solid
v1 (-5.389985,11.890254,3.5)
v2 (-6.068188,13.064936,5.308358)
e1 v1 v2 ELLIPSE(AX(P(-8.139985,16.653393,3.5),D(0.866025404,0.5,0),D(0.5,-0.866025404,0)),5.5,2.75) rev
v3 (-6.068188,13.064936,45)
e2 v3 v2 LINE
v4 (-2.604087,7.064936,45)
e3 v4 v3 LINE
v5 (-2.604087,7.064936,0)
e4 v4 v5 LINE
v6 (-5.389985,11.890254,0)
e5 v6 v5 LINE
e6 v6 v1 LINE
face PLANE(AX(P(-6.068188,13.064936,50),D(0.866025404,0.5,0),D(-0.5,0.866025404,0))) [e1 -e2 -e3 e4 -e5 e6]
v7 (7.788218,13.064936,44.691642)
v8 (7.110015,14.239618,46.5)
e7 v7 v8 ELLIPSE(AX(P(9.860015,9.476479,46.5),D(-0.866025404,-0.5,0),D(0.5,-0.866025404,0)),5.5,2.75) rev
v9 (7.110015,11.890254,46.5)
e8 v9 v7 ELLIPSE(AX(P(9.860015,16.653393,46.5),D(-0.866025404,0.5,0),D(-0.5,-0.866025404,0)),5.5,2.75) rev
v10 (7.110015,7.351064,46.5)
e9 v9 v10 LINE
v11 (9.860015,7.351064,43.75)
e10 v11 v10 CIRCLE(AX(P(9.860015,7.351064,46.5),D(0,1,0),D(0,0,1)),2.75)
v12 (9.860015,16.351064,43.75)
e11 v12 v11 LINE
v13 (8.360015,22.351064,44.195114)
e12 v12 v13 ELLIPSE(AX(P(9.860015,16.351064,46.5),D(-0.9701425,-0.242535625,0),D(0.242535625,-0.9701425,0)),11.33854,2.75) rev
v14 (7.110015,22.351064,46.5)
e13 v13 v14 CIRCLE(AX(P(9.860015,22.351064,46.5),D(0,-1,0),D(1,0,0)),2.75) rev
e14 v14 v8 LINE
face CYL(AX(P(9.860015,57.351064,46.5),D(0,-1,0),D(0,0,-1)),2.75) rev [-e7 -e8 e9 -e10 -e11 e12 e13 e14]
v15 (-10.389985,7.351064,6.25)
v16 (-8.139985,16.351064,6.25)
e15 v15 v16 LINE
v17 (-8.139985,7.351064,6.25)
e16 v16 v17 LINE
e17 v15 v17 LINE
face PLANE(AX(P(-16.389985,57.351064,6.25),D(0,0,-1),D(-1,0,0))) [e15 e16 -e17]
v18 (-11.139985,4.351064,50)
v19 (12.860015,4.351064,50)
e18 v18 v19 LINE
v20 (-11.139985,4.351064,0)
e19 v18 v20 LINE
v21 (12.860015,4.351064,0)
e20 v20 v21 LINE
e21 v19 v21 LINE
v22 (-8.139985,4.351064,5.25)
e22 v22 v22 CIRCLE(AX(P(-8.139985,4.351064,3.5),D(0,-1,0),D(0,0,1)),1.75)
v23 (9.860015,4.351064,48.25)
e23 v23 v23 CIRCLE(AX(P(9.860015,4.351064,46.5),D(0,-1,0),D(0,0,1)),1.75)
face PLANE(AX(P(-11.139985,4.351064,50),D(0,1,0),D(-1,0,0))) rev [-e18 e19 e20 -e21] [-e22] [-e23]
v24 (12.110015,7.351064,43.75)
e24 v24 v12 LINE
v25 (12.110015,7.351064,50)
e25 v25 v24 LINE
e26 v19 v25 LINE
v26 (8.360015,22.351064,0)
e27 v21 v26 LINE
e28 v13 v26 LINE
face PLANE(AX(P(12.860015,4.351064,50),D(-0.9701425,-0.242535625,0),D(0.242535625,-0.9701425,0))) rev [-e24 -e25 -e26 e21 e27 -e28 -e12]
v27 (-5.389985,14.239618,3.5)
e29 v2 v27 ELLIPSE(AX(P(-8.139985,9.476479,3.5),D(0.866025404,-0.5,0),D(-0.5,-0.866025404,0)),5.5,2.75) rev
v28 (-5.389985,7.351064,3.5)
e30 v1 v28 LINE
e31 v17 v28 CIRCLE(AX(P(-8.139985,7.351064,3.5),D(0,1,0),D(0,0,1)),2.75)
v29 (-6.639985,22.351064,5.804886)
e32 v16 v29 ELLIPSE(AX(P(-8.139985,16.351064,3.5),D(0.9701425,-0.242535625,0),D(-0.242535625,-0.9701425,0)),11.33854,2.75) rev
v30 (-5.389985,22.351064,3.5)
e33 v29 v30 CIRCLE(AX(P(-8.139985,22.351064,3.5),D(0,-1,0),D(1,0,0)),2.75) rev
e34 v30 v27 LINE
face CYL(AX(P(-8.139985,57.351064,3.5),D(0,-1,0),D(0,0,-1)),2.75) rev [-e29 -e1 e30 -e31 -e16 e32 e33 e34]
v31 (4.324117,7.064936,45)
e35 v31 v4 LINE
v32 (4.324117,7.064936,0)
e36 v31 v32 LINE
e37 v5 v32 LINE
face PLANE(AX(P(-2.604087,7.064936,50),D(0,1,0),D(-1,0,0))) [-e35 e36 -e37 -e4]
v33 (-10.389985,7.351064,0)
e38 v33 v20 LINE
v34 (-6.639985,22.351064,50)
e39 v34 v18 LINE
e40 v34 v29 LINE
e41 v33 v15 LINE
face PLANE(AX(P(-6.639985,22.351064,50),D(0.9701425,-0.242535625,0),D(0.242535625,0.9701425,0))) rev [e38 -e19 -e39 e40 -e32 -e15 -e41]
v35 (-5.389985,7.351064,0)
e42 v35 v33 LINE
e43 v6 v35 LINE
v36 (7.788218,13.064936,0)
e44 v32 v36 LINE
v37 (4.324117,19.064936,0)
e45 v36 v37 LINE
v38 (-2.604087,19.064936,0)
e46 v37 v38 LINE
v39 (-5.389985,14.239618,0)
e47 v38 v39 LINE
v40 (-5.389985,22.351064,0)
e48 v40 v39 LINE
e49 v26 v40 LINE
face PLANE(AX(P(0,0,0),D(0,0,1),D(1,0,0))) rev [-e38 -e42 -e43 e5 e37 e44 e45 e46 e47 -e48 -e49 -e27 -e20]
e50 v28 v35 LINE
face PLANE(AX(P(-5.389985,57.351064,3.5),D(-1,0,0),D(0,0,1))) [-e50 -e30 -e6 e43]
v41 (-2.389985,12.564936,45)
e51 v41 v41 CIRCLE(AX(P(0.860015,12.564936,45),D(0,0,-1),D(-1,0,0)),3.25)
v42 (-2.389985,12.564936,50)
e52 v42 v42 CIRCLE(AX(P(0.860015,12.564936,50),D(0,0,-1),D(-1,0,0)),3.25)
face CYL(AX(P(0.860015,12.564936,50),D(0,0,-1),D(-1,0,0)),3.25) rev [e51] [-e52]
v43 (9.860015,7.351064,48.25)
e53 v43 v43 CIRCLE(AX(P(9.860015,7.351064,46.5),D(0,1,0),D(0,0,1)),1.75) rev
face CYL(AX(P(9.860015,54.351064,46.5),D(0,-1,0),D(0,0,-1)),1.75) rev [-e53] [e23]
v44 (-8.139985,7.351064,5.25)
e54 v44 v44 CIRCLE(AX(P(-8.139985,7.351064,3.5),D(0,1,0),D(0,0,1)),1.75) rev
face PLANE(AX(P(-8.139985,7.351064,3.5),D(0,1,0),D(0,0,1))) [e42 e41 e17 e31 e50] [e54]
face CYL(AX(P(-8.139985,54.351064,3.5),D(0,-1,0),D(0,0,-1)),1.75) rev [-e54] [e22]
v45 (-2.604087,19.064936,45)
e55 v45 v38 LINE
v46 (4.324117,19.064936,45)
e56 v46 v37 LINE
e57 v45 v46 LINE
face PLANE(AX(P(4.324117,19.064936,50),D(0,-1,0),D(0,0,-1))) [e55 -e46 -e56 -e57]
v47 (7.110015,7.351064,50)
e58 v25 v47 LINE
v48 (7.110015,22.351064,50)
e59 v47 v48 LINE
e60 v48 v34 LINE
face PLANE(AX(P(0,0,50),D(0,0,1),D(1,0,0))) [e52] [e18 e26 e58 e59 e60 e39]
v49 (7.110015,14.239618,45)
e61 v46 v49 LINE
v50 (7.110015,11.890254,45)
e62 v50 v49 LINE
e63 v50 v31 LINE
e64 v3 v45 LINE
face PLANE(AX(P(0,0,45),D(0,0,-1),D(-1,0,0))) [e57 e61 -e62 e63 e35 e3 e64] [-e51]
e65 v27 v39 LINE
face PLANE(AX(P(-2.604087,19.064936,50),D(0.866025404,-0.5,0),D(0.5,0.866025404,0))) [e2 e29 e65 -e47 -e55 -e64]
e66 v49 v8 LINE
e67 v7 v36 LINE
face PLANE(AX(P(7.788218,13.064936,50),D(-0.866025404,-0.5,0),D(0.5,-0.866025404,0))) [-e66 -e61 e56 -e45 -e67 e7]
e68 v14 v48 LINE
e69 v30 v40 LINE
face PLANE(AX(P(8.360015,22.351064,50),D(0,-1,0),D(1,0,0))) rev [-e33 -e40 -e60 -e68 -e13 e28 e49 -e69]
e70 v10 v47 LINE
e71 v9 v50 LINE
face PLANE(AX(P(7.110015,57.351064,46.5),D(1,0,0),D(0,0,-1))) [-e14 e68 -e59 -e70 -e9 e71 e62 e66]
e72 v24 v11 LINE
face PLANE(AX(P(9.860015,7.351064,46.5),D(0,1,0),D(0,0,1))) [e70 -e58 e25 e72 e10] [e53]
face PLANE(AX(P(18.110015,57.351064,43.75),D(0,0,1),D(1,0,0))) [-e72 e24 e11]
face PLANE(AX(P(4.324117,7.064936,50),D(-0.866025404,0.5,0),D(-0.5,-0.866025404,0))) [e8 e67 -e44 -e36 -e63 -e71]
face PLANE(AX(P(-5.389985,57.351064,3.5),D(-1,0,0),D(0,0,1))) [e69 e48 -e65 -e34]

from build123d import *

# Parameters (mm, degrees)
SALIENTE_EXTRUIR1_DEPTH = 50
CROQUIS3_R              = 1.75
CORTAR_EXTRUIR1_DEPTH   = 50
CORTAR_EXTRUIR2_DEPTH   = 50
CROQUIS5_W              = 13.75
CROQUIS5_H              = 15.668518787
SALIENTE_EXTRUIR2_DEPTH = 5
CROQUIS6_R              = 3.25
CORTAR_EXTRUIR3_DEPTH   = 51


with BuildPart() as part:
    # Croquis1 → Saliente-Extruir1 (new body)
    with BuildSketch(Plane.XY):
        Polygon((-11.139985082, 4.35106383), (12.860014918, 4.35106383), (8.360014918, 22.35106383), (-6.639985082, 22.35106383), align=None)
        Polygon((-6.068188312, 13.064935956), (-2.604086697, 7.064935956), (4.324116534, 7.064935956), (7.788218149, 13.064935956), (4.324116534, 19.064935956), (-2.604086697, 19.064935956), align=None, mode=Mode.SUBTRACT)
    extrude(amount=SALIENTE_EXTRUIR1_DEPTH)

    # Croquis3 → Cortar-Extruir1 (cut)
    with BuildSketch(Plane.XZ.offset(-4.35106383)):
        with Locations((-8.139985082, 3.5)):
            Circle(CROQUIS3_R)
        with Locations((9.860014918, 46.5)):
            Circle(CROQUIS3_R)
    extrude(amount=-CORTAR_EXTRUIR1_DEPTH, mode=Mode.SUBTRACT)

    # Croquis4 → Cortar-Extruir2 (cut)
    with BuildSketch(Plane(origin=(0, 7.35106383, 0), x_dir=(-1, 0, 0), z_dir=(0, -1, 0))):
        with BuildLine():
            Line((-18.110014918, -43.75), (-9.860014918, -43.75))
            ThreePointArc((-9.860014918, -43.75), (-7.91547127, -44.555456352), (-7.110014918, -46.5))
            Line((-7.110014918, -46.5), (-7.110014918, -54.75))
            Line((-7.110014918, -54.75), (-18.110014918, -54.75))
            Line((-18.110014918, -54.75), (-18.110014918, -43.75))
        make_face()
        with BuildLine():
            Line((16.389985082, -6.25), (8.139985082, -6.25))
            ThreePointArc((8.139985082, -6.25), (6.195441433, -5.444543648), (5.389985082, -3.5))
            Line((5.389985082, -3.5), (5.389985082, 4.75))
            Line((5.389985082, 4.75), (16.389985082, 4.75))
            Line((16.389985082, 4.75), (16.389985082, -6.25))
        make_face()
    extrude(amount=-CORTAR_EXTRUIR2_DEPTH, mode=Mode.SUBTRACT)

    # Croquis5 → Saliente-Extruir2 (add)
    with BuildSketch(Plane.XY.offset(50)):
        with Locations((0.235014918, 14.516804437)):
            Rectangle(CROQUIS5_W, CROQUIS5_H)
    extrude(amount=-SALIENTE_EXTRUIR2_DEPTH)

    # Croquis6 → Cortar-Extruir3 (cut, through all)
    with BuildSketch(Plane(origin=(0, 0, 0), x_dir=(-1, 0, 0), z_dir=(0, 0, -1))):
        with Locations((-0.860014918, 12.564935956)):
            Circle(CROQUIS6_R)
    extrude(amount=-CORTAR_EXTRUIR3_DEPTH, mode=Mode.SUBTRACT)


solid = part.part
